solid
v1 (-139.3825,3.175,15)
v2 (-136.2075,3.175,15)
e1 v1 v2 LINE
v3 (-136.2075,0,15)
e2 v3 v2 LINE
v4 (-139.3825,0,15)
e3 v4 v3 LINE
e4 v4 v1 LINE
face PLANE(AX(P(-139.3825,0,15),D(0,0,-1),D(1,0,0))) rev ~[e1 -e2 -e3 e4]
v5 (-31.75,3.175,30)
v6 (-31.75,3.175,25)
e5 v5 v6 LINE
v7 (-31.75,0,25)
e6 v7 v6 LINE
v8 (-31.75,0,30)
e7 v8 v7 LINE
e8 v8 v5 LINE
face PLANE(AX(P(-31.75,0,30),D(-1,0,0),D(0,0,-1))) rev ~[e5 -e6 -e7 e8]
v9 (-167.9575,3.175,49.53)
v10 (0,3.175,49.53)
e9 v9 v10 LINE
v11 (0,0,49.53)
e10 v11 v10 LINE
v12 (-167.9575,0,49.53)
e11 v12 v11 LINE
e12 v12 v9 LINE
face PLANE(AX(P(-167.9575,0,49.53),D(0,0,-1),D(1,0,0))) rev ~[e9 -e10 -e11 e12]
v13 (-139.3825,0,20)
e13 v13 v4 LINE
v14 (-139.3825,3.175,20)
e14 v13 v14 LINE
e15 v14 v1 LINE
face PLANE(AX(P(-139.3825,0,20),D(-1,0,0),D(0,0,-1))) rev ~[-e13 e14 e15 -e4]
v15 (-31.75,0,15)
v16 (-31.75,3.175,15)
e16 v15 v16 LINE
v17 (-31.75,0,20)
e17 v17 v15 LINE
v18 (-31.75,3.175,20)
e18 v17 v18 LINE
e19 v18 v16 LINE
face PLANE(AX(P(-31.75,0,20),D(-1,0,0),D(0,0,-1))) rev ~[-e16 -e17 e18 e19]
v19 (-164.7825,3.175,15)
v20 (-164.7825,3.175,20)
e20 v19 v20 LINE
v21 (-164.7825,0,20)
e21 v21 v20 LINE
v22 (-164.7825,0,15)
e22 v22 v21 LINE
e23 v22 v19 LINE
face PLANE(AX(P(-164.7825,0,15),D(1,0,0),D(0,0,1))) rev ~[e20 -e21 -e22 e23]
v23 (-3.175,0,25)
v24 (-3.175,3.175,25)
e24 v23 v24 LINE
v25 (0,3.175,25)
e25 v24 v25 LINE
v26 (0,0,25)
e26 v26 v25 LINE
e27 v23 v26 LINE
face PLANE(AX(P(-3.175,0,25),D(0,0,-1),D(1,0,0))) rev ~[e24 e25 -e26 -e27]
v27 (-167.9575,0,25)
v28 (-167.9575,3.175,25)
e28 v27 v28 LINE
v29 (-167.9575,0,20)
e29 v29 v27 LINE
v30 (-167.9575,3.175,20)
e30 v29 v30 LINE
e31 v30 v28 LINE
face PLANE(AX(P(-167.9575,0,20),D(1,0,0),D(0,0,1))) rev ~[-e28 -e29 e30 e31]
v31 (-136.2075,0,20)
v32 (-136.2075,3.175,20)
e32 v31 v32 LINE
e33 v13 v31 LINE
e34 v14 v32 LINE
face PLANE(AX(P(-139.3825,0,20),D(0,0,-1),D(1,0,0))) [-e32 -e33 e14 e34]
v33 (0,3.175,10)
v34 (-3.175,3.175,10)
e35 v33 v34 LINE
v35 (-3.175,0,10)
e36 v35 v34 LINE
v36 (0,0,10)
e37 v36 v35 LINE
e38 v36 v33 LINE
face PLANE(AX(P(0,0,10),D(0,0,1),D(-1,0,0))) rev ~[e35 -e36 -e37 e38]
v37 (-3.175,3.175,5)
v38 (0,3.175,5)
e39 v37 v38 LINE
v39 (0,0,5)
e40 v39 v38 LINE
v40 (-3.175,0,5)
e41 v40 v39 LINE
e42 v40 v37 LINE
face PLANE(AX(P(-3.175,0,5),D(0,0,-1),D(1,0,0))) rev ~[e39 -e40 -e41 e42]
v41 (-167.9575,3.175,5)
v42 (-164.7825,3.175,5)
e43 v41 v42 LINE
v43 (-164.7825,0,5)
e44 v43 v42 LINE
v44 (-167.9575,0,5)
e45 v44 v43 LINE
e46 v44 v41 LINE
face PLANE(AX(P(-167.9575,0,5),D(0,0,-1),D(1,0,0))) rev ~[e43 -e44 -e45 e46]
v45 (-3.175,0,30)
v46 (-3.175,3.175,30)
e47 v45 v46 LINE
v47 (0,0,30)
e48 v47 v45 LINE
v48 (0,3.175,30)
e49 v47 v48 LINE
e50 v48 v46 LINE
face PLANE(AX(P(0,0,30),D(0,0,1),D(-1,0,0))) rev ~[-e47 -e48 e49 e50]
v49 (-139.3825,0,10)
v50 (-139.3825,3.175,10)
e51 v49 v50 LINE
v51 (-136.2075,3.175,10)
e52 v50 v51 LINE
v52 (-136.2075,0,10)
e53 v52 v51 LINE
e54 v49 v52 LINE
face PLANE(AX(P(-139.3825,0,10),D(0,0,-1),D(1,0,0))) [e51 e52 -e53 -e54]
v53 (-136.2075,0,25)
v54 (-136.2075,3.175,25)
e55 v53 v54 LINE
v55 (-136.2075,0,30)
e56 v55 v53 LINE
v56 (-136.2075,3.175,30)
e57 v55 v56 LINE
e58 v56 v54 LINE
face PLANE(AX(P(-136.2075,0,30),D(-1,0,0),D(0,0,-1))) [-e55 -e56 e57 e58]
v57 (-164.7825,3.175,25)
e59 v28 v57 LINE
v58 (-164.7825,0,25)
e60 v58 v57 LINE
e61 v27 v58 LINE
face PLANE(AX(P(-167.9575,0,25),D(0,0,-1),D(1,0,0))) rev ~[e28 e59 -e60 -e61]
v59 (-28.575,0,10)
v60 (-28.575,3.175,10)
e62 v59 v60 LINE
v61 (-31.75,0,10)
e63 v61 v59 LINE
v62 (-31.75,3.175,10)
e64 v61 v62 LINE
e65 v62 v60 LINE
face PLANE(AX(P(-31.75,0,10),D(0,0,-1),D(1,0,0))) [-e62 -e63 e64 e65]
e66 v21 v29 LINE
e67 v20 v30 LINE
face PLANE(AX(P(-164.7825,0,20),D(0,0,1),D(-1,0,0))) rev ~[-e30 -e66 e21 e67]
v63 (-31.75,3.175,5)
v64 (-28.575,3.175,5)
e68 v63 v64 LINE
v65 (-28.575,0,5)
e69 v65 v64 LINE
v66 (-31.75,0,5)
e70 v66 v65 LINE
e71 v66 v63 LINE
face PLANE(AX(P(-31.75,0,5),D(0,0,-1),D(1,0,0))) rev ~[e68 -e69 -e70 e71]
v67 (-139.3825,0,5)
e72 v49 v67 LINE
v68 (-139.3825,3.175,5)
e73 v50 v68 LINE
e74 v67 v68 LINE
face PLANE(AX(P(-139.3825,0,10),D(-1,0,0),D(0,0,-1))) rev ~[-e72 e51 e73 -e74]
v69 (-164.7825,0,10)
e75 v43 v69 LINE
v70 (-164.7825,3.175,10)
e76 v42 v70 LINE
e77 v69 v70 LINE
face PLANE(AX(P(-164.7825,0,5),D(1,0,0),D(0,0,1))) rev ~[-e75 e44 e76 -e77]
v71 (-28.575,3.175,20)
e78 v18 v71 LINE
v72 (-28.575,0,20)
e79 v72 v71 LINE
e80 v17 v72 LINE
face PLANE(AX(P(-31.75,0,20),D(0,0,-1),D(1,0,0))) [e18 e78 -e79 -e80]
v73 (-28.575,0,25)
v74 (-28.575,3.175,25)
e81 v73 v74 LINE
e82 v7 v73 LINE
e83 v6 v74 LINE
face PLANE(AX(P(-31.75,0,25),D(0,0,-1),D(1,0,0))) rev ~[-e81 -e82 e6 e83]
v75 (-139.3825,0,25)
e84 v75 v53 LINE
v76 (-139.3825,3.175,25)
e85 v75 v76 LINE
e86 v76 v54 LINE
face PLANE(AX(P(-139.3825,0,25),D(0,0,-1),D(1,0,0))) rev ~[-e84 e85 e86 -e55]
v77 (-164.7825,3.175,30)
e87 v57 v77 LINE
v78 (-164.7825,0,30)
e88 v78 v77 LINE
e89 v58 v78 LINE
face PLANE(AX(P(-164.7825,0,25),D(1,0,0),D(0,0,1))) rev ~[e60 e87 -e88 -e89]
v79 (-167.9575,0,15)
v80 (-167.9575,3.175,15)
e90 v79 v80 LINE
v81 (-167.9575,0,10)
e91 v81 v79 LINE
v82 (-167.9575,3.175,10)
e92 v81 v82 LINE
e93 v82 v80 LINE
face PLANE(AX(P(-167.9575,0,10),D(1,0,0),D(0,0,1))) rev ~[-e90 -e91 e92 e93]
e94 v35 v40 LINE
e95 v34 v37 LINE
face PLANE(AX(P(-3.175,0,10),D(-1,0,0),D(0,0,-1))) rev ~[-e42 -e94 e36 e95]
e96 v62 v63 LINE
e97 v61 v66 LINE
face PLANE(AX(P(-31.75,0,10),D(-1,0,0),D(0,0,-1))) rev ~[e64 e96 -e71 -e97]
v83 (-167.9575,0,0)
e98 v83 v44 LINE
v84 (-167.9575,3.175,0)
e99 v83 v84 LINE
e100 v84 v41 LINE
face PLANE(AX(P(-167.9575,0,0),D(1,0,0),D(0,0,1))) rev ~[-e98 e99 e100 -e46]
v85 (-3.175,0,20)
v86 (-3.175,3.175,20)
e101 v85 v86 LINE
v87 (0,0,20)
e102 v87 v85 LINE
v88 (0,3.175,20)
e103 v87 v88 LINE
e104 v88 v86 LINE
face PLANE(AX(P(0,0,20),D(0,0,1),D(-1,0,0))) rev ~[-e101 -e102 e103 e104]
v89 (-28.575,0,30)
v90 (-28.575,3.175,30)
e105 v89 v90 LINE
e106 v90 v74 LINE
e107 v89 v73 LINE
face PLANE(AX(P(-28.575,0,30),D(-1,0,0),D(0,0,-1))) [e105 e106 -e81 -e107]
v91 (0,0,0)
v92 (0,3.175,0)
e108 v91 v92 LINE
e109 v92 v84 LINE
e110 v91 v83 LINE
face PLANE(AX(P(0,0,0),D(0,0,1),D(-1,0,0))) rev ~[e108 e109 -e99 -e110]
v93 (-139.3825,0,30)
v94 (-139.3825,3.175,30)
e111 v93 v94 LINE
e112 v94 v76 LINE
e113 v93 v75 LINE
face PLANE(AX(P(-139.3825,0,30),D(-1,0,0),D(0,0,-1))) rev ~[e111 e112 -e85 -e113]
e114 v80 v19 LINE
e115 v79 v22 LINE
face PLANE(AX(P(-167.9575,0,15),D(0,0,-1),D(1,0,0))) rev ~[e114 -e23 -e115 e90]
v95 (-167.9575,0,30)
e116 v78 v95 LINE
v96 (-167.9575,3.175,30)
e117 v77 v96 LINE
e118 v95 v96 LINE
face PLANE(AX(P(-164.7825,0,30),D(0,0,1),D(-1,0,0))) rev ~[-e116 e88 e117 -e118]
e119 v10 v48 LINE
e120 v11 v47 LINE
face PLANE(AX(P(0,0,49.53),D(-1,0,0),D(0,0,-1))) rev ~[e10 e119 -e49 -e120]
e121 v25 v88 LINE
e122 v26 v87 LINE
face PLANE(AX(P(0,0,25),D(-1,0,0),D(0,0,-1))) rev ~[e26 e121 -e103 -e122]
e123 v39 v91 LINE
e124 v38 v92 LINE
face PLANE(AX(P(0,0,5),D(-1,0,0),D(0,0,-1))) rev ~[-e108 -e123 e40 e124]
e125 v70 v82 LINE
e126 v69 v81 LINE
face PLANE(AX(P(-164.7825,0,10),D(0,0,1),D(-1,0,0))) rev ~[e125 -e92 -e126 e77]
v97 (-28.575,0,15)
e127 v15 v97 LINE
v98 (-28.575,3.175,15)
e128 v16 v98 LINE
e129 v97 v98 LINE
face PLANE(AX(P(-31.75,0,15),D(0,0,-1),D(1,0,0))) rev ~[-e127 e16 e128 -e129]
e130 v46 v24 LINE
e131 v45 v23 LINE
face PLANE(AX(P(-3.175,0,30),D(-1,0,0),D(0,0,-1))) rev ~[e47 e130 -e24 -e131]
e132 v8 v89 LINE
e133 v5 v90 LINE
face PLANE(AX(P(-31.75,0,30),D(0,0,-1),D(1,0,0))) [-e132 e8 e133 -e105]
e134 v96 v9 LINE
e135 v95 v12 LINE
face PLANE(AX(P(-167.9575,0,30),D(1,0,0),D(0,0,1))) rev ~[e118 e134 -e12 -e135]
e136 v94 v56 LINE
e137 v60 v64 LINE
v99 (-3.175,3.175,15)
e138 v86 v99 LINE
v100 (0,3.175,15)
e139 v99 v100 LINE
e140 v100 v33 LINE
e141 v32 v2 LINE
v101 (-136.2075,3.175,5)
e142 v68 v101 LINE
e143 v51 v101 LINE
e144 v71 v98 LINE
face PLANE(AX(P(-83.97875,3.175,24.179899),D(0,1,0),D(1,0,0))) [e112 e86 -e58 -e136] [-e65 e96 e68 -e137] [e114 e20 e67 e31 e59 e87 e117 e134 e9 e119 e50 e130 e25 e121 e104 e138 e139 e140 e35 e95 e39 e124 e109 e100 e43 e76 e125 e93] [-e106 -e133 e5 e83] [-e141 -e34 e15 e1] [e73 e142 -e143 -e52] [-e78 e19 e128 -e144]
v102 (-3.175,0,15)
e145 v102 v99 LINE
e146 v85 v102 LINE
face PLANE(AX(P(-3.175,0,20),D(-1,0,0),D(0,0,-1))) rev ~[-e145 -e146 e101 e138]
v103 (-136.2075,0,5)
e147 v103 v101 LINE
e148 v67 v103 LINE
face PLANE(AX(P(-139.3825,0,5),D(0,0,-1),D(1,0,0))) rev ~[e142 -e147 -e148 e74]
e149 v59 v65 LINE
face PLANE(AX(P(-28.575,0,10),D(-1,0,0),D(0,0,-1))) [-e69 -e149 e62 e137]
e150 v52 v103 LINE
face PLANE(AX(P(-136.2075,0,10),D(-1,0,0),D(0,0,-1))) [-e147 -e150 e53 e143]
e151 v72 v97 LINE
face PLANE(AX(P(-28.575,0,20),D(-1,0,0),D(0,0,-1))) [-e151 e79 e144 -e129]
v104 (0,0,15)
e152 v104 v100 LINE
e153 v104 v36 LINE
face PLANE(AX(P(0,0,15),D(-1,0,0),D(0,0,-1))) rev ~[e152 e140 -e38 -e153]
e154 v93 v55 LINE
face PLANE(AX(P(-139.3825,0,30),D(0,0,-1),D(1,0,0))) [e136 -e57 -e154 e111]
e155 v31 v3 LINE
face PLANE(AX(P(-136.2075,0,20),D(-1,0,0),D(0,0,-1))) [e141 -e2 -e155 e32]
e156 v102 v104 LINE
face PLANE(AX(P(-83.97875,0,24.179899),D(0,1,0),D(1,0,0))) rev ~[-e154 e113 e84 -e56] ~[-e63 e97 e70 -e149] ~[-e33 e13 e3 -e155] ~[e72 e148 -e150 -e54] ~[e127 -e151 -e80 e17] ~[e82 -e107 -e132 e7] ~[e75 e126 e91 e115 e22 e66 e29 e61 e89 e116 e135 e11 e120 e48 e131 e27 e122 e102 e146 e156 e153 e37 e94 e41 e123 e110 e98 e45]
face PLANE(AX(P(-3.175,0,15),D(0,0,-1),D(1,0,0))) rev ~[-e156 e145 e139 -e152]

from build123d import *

# Parameters (mm, degrees)
SKETCH1_W           = 3.175
SKETCH1_H           = 5
BOSS_EXTRUDE1_DEPTH = 3.175


with BuildPart() as part:
    # Sketch1 → Boss-Extrude1 (new body)
    with BuildSketch(Plane(origin=(0, 0, 0), x_dir=(1, 0, 0), z_dir=(0, 1, 0))):
        Polygon((-167.9575, -5), (-164.7825, -5), (-164.7825, -10), (-167.9575, -10), (-167.9575, -15), (-164.7825, -15), (-164.7825, -20), (-167.9575, -20), (-167.9575, -25), (-164.7825, -25), (-164.7825, -30), (-167.9575, -30), (-167.9575, -49.53), (-164.7825, -49.53), (-66.4845, -49.53), (0, -49.53), (0, -30), (-3.175, -30), (-3.175, -25), (0, -25), (0, -20), (-3.175, -20), (-3.175, -15), (0, -15), (0, -10), (-3.175, -10), (-3.175, -5), (0, -5), (0, 0), (-66.4845, 0), (-164.7825, 0), (-167.9575, 0), align=None)
        with Locations((-137.795, -7.5)):
            Rectangle(SKETCH1_W, SKETCH1_H, mode=Mode.SUBTRACT)
        with Locations((-137.795, -17.5)):
            Rectangle(SKETCH1_W, SKETCH1_H, mode=Mode.SUBTRACT)
        with Locations((-137.795, -27.5)):
            Rectangle(SKETCH1_W, SKETCH1_H, mode=Mode.SUBTRACT)
        with Locations((-30.1625, -27.5)):
            Rectangle(SKETCH1_W, SKETCH1_H, mode=Mode.SUBTRACT)
        with Locations((-30.1625, -17.5)):
            Rectangle(SKETCH1_W, SKETCH1_H, mode=Mode.SUBTRACT)
        with Locations((-30.1625, -7.5)):
            Rectangle(SKETCH1_W, SKETCH1_H, mode=Mode.SUBTRACT)
    extrude(amount=BOSS_EXTRUDE1_DEPTH)


solid = part.part
